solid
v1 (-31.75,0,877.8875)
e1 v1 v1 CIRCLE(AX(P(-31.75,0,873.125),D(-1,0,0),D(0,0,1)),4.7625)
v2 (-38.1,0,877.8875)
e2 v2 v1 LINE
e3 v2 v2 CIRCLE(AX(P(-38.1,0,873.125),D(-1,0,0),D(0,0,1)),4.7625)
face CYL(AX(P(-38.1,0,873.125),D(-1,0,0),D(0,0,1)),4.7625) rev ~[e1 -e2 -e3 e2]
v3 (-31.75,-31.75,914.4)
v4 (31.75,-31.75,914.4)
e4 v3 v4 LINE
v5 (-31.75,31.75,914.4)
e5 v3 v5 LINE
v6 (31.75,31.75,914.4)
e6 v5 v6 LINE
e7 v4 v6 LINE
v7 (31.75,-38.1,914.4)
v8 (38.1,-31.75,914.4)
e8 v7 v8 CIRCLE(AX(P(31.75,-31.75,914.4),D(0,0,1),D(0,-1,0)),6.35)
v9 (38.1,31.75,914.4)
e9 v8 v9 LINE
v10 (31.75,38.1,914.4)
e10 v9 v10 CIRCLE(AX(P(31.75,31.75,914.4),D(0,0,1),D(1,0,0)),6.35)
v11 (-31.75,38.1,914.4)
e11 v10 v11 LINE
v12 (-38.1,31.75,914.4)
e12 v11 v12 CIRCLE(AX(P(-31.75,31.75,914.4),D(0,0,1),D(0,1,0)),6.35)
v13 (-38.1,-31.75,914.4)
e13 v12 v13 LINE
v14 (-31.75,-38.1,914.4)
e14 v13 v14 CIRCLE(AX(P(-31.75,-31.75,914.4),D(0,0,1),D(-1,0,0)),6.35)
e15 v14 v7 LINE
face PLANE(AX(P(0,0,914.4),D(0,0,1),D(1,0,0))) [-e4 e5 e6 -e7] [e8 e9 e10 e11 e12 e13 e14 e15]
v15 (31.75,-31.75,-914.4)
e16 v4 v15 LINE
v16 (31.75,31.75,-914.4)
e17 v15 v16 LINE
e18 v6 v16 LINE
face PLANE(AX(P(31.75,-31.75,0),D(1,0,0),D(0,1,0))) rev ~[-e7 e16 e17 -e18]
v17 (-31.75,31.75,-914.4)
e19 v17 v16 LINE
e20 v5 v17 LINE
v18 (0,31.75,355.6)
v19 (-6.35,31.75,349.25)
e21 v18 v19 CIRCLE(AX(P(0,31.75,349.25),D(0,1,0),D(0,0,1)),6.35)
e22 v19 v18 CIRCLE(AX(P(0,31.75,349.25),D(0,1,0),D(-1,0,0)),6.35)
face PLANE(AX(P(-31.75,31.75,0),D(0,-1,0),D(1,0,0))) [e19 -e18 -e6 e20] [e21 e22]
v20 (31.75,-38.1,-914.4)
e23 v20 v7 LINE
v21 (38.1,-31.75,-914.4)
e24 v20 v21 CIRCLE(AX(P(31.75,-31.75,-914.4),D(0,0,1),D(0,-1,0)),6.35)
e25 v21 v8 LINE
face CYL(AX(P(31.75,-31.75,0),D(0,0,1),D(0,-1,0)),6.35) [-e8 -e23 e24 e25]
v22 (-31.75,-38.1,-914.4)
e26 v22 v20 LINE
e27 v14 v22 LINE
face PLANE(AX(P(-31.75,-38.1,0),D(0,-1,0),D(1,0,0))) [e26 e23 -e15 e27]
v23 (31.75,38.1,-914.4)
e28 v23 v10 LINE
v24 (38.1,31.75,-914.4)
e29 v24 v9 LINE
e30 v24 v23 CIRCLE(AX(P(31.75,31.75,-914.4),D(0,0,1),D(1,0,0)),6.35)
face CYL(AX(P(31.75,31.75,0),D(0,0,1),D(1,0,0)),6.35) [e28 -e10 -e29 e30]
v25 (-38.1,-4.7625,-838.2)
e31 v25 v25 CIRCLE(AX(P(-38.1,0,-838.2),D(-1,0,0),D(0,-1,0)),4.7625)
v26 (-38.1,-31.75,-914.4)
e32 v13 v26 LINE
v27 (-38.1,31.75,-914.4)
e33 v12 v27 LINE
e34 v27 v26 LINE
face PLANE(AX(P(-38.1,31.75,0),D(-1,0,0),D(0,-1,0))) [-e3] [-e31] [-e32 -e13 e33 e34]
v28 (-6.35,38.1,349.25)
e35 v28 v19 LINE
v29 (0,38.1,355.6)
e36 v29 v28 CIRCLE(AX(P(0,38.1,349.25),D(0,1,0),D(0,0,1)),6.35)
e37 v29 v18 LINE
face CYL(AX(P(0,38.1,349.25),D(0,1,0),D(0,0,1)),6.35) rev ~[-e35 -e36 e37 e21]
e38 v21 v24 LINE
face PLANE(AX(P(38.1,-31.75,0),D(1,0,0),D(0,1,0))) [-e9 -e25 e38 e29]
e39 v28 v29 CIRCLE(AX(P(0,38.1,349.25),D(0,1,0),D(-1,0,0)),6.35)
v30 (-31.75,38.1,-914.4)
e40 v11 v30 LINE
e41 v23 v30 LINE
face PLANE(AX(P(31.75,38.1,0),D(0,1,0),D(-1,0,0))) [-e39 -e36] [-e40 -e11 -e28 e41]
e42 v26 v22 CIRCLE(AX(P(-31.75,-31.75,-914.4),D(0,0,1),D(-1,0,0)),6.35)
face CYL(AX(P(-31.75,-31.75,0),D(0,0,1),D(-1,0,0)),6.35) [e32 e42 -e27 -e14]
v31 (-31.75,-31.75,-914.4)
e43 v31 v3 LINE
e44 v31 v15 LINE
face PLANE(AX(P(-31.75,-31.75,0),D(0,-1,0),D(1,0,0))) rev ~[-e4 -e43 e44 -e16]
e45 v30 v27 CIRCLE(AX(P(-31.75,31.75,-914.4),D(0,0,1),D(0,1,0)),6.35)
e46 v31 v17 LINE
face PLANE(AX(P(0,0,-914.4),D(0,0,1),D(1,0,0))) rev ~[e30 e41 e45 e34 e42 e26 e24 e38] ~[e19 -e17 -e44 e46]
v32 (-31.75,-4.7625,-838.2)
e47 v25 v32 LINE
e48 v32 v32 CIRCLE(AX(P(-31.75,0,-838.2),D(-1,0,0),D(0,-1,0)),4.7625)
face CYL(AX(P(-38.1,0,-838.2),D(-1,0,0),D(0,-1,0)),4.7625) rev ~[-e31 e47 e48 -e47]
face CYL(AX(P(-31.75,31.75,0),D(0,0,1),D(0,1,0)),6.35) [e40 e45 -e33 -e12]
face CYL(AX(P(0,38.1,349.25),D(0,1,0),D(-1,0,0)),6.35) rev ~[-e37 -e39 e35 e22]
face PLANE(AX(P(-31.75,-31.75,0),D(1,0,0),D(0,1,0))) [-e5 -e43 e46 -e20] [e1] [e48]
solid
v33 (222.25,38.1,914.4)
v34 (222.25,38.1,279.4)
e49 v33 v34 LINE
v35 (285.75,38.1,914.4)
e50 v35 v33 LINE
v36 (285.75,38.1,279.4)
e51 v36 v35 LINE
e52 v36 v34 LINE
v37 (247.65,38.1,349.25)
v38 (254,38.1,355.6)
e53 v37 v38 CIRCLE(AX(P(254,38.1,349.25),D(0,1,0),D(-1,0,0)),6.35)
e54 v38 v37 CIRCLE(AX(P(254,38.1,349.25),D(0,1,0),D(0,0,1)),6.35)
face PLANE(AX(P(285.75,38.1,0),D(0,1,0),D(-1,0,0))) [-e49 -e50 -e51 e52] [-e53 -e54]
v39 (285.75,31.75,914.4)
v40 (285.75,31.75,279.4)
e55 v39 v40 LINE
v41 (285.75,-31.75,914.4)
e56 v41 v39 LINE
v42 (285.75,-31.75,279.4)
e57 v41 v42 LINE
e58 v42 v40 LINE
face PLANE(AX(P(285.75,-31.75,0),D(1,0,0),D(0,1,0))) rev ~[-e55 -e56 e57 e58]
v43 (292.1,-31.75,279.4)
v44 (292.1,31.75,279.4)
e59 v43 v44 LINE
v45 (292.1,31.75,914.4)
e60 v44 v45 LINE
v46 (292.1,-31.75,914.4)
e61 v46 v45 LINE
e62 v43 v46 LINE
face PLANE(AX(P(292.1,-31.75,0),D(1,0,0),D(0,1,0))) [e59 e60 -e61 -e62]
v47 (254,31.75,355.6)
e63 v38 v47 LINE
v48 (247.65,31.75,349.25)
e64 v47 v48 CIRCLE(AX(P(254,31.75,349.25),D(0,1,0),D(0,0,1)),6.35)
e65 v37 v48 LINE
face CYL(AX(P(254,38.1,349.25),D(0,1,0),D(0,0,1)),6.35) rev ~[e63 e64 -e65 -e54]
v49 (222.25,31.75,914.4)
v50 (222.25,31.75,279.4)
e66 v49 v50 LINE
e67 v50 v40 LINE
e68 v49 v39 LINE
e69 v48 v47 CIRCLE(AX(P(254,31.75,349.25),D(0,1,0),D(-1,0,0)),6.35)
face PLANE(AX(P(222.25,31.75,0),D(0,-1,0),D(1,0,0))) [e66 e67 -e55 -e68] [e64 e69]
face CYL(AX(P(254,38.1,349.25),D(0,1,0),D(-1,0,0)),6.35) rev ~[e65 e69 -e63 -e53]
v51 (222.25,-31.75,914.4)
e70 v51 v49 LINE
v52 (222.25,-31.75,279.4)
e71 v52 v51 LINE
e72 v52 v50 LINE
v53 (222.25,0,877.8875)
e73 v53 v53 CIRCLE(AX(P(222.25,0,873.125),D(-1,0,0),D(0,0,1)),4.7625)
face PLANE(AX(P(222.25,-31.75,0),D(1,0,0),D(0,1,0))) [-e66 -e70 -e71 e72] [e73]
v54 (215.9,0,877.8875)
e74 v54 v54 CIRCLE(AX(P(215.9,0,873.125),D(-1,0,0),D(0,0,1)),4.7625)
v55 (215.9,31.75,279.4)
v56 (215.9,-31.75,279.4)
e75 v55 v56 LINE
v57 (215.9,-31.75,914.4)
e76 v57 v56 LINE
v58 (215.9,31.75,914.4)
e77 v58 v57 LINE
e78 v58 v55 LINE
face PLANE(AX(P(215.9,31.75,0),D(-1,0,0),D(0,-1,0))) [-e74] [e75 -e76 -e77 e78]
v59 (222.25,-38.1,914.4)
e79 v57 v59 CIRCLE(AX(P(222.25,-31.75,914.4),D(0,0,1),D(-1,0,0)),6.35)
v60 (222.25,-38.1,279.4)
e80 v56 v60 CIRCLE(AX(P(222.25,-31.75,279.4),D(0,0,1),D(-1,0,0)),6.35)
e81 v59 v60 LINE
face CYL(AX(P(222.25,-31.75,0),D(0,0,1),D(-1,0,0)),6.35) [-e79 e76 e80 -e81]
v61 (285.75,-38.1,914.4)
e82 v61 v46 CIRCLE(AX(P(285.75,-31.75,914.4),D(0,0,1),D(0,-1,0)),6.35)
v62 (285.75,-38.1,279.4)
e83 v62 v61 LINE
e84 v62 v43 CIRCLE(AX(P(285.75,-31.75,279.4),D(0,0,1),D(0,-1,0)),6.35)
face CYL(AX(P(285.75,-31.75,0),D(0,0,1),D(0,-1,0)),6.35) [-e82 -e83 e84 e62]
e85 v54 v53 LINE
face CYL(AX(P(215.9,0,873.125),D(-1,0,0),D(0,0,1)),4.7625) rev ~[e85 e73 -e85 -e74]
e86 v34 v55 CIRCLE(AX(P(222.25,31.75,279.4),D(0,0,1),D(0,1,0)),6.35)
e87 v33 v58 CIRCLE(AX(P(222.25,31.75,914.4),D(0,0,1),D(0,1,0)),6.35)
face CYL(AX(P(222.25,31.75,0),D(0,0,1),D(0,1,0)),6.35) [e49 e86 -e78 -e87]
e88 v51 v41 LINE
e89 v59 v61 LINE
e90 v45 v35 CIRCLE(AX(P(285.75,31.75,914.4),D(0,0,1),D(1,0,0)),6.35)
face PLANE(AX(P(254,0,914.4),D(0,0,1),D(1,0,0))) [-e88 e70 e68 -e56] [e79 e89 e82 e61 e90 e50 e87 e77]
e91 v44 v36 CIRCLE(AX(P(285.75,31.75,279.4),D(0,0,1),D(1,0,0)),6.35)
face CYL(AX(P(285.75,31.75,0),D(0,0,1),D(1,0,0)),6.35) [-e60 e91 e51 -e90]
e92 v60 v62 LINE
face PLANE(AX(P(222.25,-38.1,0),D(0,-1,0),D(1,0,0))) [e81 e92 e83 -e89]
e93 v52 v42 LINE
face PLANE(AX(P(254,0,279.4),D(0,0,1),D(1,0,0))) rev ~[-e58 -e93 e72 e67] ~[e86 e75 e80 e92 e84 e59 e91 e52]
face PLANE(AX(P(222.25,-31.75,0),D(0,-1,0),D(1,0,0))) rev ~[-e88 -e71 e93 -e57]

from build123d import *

# Parameters (mm, degrees)
F0_W     = 63.5
F0_H     = 63.5
F1_DEPTH = 914.4
F3_DEPTH = 6.35
F5_DEPTH = 6.35
F7_DEPTH = 6.35
F9_DEPTH = 1193.8


with BuildPart() as f1:
    # F0 (on Top) → F1 (new body, symmetric)
    with BuildSketch(Plane.XY):
        with BuildLine():
            Line((-31.75, -38.1), (31.75, -38.1))
            ThreePointArc((31.75, -38.1), (36.2401280605, -36.2401280605), (38.1, -31.75))
            Line((38.1, -31.75), (38.1, 31.75))
            ThreePointArc((38.1, 31.75), (36.2401280605, 36.2401280605), (31.75, 38.1))
            Line((31.75, 38.1), (-31.75, 38.1))
            ThreePointArc((-31.75, 38.1), (-36.2401280605, 36.2401280605), (-38.1, 31.75))
            Line((-38.1, 31.75), (-38.1, -31.75))
            ThreePointArc((-38.1, -31.75), (-36.2401280605, -36.2401280605), (-31.75, -38.1))
        make_face()
        Rectangle(F0_W, F0_H, mode=Mode.SUBTRACT)
    extrude(amount=F1_DEPTH, both=True)

    # F2 (on face) → F3 (cut, through all)
    with BuildSketch(Plane(origin=(0, 38.1, 0), x_dir=(-1, 0, 0), z_dir=(0, 1, 0))):
        with BuildLine():
            ThreePointArc((0, 355.6), (-4.4901280605, 344.7598719395), (6.35, 349.25))
            ThreePointArc((6.35, 349.25), (4.4901280605, 353.7401280605), (0, 355.6))
        make_face()
    extrude(amount=-F3_DEPTH, mode=Mode.SUBTRACT)

    # F4 (on face) → F5 (cut, through all)
    with BuildSketch(Plane(origin=(-38.1, 0, 0), x_dir=(0, -1, 0), z_dir=(-1, 0, 0))):
        with BuildLine():
            ThreePointArc((0, -842.9625), (3.3675960454, -841.5675960454), (4.7625, -838.2))
            ThreePointArc((4.7625, -838.2), (-3.3675960454, -834.8324039546), (0, -842.9625))
        make_face()
    extrude(amount=-F5_DEPTH, mode=Mode.SUBTRACT)

    # F6 (on face) → F7 (cut, through all)
    with BuildSketch(Plane(origin=(-38.1, 0, 0), x_dir=(0, -1, 0), z_dir=(-1, 0, 0))):
        with BuildLine():
            ThreePointArc((4.7625, 873.125), (3.3675960454, 876.4925960454), (0, 877.8875))
            ThreePointArc((0, 877.8875), (-3.3675960454, 869.7574039546), (4.7625, 873.125))
        make_face()
    extrude(amount=-F7_DEPTH, mode=Mode.SUBTRACT)


with BuildPart() as f8_1:
    # F8: copy of F1
    add(f1.part.moved(Location((254, 0, 0))))

    # F9 (cut): a face of the model
    f9_faces = [f8_1.faces().sort_by_distance(p)[0] for p in [
        (254, -37.0223692655, -914.4),
    ]]
    extrude(f9_faces, amount=-F9_DEPTH, mode=Mode.SUBTRACT)


solid = Compound([f1.part, f8_1.part])
